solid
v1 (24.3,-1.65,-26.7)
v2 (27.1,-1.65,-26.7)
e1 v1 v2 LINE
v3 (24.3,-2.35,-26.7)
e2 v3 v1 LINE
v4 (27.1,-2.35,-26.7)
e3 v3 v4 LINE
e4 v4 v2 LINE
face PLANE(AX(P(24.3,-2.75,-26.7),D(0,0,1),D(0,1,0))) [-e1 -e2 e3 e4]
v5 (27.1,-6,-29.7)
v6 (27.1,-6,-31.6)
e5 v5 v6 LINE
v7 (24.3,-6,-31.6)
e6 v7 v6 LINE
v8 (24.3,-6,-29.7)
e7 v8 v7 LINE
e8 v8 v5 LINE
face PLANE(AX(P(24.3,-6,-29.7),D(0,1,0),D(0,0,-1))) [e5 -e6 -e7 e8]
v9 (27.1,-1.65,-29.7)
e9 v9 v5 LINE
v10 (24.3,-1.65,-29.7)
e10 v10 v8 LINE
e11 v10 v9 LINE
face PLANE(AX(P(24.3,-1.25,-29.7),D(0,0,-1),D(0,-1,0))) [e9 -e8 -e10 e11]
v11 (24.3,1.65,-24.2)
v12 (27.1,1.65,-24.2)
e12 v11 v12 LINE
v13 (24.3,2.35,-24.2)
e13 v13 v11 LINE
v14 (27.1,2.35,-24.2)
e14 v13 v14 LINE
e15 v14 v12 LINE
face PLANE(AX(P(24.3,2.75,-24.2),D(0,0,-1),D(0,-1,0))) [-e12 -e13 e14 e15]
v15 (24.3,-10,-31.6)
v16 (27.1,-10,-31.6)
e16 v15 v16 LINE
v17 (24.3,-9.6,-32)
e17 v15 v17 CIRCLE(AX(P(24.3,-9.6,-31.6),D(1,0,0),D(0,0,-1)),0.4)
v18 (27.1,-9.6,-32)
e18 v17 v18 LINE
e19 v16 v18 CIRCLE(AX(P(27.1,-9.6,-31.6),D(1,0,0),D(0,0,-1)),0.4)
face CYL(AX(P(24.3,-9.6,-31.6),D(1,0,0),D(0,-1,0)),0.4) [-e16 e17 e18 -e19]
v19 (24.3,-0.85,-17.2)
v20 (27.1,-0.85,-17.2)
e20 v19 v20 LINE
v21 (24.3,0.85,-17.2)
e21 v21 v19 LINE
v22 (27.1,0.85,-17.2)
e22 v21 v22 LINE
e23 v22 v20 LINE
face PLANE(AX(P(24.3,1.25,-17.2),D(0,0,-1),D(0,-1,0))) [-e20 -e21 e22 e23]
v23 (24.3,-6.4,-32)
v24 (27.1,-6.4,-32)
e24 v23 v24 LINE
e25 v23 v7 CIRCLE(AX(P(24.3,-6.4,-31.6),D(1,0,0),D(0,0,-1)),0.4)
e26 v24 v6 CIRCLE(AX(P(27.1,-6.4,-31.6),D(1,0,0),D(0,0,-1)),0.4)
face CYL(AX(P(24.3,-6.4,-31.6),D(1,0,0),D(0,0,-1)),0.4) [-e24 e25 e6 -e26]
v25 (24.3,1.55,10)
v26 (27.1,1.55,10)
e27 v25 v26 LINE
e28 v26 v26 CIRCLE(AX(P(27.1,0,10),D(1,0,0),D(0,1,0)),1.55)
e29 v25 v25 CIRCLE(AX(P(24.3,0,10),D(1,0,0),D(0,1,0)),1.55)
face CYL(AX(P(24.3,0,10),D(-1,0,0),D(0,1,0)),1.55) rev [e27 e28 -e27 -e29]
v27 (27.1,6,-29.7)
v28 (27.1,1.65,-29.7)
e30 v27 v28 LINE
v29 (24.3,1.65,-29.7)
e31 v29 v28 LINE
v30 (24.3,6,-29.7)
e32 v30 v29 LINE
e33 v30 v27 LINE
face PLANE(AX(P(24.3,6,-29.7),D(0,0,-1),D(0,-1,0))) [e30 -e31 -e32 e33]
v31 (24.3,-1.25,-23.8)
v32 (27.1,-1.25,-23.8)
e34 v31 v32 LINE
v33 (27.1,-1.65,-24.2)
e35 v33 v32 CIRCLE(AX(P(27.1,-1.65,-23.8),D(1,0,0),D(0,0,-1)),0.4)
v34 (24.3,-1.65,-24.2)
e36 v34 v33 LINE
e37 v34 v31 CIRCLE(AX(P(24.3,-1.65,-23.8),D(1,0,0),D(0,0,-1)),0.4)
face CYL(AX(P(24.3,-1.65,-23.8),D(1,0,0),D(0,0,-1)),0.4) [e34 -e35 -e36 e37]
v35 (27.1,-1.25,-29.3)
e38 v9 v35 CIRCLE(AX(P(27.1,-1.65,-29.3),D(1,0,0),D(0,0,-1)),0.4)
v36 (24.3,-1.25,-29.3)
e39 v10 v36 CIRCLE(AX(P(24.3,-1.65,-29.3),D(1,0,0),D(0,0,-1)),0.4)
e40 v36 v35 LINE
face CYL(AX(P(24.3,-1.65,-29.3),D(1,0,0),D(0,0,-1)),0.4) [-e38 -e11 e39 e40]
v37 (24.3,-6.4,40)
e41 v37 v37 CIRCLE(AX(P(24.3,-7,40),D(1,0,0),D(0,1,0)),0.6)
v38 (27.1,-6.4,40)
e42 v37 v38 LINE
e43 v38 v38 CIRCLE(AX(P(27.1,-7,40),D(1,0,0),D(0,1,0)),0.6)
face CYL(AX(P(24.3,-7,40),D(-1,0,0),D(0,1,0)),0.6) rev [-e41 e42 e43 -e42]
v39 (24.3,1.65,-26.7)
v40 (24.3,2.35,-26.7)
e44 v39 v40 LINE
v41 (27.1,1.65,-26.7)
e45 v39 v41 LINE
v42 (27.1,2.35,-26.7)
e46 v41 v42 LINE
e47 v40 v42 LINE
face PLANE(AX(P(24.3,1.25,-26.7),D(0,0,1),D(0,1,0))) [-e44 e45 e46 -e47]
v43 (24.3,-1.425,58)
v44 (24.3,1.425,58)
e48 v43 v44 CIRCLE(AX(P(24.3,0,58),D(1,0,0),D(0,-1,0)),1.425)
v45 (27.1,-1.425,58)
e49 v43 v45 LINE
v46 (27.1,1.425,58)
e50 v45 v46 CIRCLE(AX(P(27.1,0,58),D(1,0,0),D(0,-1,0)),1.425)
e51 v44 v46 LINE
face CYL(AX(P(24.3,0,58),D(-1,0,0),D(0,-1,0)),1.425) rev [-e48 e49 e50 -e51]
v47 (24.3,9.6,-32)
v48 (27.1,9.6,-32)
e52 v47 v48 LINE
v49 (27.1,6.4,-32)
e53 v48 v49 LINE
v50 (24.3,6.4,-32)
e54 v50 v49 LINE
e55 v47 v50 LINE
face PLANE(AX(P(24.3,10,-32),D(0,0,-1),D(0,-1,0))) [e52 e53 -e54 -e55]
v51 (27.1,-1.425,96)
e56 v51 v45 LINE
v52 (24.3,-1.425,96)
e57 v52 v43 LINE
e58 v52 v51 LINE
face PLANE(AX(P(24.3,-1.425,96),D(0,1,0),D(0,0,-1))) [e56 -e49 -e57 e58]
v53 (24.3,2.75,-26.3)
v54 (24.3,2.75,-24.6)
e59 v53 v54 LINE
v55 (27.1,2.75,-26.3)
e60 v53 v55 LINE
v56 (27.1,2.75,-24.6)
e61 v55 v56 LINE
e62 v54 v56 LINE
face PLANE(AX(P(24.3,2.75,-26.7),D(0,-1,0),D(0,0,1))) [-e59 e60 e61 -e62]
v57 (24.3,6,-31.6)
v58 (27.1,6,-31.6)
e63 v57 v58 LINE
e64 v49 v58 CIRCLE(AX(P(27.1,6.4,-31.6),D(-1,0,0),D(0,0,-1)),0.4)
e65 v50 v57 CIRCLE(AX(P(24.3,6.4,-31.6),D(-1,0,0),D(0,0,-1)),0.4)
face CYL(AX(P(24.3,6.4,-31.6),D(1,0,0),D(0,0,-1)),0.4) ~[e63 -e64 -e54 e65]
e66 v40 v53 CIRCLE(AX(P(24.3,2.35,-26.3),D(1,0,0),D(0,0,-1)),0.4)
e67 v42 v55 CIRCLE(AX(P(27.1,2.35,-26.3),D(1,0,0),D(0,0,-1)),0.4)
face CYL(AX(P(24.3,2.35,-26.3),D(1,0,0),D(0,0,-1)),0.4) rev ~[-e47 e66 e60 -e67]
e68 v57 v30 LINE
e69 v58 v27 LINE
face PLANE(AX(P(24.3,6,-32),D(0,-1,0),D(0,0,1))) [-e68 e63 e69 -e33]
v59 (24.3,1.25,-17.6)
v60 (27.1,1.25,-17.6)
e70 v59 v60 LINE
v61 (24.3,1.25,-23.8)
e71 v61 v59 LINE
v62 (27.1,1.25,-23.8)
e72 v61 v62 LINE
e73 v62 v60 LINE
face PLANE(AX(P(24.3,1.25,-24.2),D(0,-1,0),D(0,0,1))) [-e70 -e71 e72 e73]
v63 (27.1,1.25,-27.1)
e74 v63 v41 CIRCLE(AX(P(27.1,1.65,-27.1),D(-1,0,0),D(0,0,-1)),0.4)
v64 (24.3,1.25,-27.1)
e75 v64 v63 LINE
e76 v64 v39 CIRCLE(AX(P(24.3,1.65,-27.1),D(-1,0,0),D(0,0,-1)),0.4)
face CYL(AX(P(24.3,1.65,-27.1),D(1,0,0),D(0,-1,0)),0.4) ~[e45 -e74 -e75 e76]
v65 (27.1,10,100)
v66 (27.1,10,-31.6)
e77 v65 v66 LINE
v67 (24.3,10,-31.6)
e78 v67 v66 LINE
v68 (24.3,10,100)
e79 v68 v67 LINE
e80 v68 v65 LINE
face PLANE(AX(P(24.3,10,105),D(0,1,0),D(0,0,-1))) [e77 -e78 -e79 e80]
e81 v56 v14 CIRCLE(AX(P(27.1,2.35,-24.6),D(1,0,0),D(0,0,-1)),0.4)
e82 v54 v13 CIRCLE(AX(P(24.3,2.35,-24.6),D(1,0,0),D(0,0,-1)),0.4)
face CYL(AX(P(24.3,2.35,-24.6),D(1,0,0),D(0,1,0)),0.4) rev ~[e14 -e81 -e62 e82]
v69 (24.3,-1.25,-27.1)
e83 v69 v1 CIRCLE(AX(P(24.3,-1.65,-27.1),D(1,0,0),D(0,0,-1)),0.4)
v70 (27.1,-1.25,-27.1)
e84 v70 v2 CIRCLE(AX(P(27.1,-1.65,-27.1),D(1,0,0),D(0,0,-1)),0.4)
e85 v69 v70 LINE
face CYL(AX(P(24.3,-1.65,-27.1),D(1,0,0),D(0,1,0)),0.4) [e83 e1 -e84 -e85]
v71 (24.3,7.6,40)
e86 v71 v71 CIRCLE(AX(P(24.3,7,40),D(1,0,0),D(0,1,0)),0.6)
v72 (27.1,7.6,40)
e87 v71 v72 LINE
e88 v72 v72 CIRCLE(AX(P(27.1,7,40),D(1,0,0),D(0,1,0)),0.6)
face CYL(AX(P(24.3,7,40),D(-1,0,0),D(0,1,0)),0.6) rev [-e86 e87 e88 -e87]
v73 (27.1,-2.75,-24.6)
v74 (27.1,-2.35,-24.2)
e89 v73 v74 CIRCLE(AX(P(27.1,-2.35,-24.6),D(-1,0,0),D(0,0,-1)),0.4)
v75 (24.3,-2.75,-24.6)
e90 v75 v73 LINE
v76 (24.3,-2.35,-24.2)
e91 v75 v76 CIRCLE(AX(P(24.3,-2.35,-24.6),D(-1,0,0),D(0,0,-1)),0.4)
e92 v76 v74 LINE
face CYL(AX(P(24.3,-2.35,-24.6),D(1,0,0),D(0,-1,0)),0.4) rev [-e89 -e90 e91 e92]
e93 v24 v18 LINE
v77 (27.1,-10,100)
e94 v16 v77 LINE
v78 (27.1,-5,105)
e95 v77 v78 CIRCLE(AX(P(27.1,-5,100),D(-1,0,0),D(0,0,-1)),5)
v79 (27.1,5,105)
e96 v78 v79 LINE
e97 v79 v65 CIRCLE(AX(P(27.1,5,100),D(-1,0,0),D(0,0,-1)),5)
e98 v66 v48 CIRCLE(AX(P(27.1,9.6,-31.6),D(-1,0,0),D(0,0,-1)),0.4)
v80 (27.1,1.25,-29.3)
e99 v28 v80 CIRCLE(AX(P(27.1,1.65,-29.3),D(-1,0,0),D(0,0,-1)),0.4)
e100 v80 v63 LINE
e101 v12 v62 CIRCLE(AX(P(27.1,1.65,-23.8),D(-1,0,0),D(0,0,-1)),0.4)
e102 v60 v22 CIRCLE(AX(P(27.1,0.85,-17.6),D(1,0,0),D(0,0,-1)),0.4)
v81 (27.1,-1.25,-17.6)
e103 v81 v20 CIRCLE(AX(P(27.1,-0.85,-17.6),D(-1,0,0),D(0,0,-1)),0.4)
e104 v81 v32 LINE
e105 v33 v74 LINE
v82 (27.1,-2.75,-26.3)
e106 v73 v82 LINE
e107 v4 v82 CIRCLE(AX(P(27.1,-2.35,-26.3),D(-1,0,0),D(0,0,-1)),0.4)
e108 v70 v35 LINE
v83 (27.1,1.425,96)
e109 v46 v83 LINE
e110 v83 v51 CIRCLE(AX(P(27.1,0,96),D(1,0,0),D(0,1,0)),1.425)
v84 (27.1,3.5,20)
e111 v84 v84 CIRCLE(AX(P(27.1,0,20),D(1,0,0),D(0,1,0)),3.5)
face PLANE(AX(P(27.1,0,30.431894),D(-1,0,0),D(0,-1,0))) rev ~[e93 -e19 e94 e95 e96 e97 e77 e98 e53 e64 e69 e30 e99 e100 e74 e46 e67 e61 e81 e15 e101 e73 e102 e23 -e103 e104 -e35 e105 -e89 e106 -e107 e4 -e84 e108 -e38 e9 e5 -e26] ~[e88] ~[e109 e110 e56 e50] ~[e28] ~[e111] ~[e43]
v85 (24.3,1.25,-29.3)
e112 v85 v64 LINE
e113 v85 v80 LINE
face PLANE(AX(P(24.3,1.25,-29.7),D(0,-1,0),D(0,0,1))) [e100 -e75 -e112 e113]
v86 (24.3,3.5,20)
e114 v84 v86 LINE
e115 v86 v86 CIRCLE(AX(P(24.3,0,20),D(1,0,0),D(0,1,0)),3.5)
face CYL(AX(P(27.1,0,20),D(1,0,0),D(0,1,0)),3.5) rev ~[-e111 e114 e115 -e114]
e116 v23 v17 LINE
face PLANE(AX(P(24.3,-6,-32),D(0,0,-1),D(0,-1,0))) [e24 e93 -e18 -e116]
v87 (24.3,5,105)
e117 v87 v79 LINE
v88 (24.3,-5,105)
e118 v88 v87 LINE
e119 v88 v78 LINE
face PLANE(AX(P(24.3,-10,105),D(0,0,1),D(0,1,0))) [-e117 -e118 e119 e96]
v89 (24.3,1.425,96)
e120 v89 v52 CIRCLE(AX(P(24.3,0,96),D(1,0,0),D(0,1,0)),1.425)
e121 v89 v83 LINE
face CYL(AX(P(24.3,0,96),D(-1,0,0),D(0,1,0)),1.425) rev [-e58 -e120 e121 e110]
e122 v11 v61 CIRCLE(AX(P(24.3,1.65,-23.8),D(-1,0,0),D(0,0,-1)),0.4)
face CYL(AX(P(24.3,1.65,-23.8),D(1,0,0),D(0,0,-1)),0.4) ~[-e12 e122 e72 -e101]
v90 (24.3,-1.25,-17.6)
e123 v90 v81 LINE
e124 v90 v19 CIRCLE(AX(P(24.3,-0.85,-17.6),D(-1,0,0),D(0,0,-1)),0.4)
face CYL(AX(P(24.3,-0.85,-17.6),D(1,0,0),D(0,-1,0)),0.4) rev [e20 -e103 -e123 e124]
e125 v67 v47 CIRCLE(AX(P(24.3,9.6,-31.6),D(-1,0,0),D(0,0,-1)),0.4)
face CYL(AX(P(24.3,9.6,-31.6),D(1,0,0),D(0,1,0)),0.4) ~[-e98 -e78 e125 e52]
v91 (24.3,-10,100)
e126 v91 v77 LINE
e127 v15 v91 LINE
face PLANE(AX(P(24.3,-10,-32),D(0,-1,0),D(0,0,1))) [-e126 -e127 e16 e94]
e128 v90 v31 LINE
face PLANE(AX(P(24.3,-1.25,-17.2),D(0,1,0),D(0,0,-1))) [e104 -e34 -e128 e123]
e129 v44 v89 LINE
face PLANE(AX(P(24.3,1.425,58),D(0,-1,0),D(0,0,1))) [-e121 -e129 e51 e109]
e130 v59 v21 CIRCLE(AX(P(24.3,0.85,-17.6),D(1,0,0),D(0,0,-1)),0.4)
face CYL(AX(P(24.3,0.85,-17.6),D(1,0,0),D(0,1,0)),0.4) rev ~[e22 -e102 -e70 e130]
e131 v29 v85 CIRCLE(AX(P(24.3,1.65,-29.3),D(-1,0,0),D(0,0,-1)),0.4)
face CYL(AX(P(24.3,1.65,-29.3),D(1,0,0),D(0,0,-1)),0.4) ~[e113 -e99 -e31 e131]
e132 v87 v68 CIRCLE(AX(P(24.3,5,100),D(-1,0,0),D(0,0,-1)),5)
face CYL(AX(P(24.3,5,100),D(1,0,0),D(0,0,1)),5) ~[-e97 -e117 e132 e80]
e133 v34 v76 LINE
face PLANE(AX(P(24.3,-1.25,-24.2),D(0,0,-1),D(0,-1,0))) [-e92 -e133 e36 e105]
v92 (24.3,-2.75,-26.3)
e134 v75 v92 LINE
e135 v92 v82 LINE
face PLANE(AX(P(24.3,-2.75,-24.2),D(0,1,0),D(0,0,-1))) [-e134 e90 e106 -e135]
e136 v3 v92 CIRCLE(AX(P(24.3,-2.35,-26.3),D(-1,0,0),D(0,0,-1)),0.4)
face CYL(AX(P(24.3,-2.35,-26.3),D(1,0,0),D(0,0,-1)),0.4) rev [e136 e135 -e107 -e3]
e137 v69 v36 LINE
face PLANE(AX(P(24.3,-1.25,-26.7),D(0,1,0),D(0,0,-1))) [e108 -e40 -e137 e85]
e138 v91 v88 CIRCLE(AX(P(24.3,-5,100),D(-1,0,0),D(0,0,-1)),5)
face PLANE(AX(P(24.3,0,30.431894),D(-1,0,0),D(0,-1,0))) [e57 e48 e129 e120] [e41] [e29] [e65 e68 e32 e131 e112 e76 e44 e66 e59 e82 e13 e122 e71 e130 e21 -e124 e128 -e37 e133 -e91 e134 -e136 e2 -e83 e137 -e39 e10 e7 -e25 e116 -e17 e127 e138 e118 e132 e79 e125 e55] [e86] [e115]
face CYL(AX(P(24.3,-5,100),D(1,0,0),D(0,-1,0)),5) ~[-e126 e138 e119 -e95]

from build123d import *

# Parameters (mm, degrees)
SKETCH001_R             = 1.55
SKETCH001_R_2           = 0.6
PAD004_DEPTH            = 2.8
FILLET_R                = 0.4
FILLET001_R             = 5
SKETCH019_R             = 3.5
POCKET_DEPTH            = 2.801
BODY014_PLACEMENT_ANGLE = 180


with BuildPart() as part:
    # Sketch001 (on DatumPlane) → Pad004 (new body)
    with BuildSketch(Plane(origin=(-24.3, 0, 0), x_dir=(0, -1, 0), z_dir=(-1, 0, 0))):
        Polygon((-10, 85), (10, 85), (10, -52), (6, -52), (6, -49.7), (1.25, -49.7), (1.25, -46.7), (2.75, -46.7), (2.75, -44.2), (1.25, -44.2), (1.25, -37.2), (-1.25, -37.2), (-1.25, -44.2), (-2.75, -44.2), (-2.75, -46.7), (-1.25, -46.7), (-1.25, -49.7), (-6, -49.7), (-6, -52), (-10, -52), align=None)
        with Locations((0, -10)):
            Circle(SKETCH001_R, mode=Mode.SUBTRACT)
        with Locations((-7, 20)):
            Circle(SKETCH001_R_2, mode=Mode.SUBTRACT)
        with Locations((7, 20)):
            Circle(SKETCH001_R_2, mode=Mode.SUBTRACT)
        with BuildLine():
            ThreePointArc((1.425, 76), (0, 77.425), (-1.425, 76))
            Line((-1.425, 76), (-1.425, 38))
            ThreePointArc((-1.425, 38), (0, 36.575), (1.425, 38))
            Line((1.425, 38), (1.425, 76))
        make_face(mode=Mode.SUBTRACT)
    extrude(amount=PAD004_DEPTH)

    # Fillet
    fillet_edges = [part.edges().sort_by_distance(p)[0] for p in [
        (-25.7, 10, -52),
        (-25.7, 6, -52),
        (-25.7, -10, -52),
        (-25.7, -6, -52),
        (-25.7, 1.25, -49.7),
        (-25.7, -1.25, -49.7),
        (-25.7, 1.25, -37.2),
        (-25.7, -1.25, -37.2),
        (-25.7, 1.25, -46.7),
        (-25.7, -1.25, -46.7),
        (-25.7, 1.25, -44.2),
        (-25.7, -1.25, -44.2),
        (-25.7, -2.75, -46.7),
        (-25.7, 2.75, -46.7),
        (-25.7, 2.75, -44.2),
        (-25.7, -2.75, -44.2),
    ]]
    fillet(fillet_edges, radius=FILLET_R)

    # Fillet001
    fillet001_edges = [part.edges().sort_by_distance(p)[0] for p in [
        (-25.7, 10, 85),
        (-25.7, -10, 85),
    ]]
    fillet(fillet001_edges, radius=FILLET001_R)

    # Sketch019 (on Face47 of Fillet001) → Pocket (cut, through all)
    with BuildSketch(Plane(origin=(-27.1, 0, 0), x_dir=(0, -1, 0), z_dir=(-1, 0, 0))):
        Circle(SKETCH019_R)
    extrude(amount=-POCKET_DEPTH, mode=Mode.SUBTRACT)


with BuildPart() as part_1:
    # Body014 placement: moved
    add(part.part.moved(Location((0, 0, 20))).rotate(Axis((0, 0, 20), (0, 0, 1)), BODY014_PLACEMENT_ANGLE))


solid = part_1.part
